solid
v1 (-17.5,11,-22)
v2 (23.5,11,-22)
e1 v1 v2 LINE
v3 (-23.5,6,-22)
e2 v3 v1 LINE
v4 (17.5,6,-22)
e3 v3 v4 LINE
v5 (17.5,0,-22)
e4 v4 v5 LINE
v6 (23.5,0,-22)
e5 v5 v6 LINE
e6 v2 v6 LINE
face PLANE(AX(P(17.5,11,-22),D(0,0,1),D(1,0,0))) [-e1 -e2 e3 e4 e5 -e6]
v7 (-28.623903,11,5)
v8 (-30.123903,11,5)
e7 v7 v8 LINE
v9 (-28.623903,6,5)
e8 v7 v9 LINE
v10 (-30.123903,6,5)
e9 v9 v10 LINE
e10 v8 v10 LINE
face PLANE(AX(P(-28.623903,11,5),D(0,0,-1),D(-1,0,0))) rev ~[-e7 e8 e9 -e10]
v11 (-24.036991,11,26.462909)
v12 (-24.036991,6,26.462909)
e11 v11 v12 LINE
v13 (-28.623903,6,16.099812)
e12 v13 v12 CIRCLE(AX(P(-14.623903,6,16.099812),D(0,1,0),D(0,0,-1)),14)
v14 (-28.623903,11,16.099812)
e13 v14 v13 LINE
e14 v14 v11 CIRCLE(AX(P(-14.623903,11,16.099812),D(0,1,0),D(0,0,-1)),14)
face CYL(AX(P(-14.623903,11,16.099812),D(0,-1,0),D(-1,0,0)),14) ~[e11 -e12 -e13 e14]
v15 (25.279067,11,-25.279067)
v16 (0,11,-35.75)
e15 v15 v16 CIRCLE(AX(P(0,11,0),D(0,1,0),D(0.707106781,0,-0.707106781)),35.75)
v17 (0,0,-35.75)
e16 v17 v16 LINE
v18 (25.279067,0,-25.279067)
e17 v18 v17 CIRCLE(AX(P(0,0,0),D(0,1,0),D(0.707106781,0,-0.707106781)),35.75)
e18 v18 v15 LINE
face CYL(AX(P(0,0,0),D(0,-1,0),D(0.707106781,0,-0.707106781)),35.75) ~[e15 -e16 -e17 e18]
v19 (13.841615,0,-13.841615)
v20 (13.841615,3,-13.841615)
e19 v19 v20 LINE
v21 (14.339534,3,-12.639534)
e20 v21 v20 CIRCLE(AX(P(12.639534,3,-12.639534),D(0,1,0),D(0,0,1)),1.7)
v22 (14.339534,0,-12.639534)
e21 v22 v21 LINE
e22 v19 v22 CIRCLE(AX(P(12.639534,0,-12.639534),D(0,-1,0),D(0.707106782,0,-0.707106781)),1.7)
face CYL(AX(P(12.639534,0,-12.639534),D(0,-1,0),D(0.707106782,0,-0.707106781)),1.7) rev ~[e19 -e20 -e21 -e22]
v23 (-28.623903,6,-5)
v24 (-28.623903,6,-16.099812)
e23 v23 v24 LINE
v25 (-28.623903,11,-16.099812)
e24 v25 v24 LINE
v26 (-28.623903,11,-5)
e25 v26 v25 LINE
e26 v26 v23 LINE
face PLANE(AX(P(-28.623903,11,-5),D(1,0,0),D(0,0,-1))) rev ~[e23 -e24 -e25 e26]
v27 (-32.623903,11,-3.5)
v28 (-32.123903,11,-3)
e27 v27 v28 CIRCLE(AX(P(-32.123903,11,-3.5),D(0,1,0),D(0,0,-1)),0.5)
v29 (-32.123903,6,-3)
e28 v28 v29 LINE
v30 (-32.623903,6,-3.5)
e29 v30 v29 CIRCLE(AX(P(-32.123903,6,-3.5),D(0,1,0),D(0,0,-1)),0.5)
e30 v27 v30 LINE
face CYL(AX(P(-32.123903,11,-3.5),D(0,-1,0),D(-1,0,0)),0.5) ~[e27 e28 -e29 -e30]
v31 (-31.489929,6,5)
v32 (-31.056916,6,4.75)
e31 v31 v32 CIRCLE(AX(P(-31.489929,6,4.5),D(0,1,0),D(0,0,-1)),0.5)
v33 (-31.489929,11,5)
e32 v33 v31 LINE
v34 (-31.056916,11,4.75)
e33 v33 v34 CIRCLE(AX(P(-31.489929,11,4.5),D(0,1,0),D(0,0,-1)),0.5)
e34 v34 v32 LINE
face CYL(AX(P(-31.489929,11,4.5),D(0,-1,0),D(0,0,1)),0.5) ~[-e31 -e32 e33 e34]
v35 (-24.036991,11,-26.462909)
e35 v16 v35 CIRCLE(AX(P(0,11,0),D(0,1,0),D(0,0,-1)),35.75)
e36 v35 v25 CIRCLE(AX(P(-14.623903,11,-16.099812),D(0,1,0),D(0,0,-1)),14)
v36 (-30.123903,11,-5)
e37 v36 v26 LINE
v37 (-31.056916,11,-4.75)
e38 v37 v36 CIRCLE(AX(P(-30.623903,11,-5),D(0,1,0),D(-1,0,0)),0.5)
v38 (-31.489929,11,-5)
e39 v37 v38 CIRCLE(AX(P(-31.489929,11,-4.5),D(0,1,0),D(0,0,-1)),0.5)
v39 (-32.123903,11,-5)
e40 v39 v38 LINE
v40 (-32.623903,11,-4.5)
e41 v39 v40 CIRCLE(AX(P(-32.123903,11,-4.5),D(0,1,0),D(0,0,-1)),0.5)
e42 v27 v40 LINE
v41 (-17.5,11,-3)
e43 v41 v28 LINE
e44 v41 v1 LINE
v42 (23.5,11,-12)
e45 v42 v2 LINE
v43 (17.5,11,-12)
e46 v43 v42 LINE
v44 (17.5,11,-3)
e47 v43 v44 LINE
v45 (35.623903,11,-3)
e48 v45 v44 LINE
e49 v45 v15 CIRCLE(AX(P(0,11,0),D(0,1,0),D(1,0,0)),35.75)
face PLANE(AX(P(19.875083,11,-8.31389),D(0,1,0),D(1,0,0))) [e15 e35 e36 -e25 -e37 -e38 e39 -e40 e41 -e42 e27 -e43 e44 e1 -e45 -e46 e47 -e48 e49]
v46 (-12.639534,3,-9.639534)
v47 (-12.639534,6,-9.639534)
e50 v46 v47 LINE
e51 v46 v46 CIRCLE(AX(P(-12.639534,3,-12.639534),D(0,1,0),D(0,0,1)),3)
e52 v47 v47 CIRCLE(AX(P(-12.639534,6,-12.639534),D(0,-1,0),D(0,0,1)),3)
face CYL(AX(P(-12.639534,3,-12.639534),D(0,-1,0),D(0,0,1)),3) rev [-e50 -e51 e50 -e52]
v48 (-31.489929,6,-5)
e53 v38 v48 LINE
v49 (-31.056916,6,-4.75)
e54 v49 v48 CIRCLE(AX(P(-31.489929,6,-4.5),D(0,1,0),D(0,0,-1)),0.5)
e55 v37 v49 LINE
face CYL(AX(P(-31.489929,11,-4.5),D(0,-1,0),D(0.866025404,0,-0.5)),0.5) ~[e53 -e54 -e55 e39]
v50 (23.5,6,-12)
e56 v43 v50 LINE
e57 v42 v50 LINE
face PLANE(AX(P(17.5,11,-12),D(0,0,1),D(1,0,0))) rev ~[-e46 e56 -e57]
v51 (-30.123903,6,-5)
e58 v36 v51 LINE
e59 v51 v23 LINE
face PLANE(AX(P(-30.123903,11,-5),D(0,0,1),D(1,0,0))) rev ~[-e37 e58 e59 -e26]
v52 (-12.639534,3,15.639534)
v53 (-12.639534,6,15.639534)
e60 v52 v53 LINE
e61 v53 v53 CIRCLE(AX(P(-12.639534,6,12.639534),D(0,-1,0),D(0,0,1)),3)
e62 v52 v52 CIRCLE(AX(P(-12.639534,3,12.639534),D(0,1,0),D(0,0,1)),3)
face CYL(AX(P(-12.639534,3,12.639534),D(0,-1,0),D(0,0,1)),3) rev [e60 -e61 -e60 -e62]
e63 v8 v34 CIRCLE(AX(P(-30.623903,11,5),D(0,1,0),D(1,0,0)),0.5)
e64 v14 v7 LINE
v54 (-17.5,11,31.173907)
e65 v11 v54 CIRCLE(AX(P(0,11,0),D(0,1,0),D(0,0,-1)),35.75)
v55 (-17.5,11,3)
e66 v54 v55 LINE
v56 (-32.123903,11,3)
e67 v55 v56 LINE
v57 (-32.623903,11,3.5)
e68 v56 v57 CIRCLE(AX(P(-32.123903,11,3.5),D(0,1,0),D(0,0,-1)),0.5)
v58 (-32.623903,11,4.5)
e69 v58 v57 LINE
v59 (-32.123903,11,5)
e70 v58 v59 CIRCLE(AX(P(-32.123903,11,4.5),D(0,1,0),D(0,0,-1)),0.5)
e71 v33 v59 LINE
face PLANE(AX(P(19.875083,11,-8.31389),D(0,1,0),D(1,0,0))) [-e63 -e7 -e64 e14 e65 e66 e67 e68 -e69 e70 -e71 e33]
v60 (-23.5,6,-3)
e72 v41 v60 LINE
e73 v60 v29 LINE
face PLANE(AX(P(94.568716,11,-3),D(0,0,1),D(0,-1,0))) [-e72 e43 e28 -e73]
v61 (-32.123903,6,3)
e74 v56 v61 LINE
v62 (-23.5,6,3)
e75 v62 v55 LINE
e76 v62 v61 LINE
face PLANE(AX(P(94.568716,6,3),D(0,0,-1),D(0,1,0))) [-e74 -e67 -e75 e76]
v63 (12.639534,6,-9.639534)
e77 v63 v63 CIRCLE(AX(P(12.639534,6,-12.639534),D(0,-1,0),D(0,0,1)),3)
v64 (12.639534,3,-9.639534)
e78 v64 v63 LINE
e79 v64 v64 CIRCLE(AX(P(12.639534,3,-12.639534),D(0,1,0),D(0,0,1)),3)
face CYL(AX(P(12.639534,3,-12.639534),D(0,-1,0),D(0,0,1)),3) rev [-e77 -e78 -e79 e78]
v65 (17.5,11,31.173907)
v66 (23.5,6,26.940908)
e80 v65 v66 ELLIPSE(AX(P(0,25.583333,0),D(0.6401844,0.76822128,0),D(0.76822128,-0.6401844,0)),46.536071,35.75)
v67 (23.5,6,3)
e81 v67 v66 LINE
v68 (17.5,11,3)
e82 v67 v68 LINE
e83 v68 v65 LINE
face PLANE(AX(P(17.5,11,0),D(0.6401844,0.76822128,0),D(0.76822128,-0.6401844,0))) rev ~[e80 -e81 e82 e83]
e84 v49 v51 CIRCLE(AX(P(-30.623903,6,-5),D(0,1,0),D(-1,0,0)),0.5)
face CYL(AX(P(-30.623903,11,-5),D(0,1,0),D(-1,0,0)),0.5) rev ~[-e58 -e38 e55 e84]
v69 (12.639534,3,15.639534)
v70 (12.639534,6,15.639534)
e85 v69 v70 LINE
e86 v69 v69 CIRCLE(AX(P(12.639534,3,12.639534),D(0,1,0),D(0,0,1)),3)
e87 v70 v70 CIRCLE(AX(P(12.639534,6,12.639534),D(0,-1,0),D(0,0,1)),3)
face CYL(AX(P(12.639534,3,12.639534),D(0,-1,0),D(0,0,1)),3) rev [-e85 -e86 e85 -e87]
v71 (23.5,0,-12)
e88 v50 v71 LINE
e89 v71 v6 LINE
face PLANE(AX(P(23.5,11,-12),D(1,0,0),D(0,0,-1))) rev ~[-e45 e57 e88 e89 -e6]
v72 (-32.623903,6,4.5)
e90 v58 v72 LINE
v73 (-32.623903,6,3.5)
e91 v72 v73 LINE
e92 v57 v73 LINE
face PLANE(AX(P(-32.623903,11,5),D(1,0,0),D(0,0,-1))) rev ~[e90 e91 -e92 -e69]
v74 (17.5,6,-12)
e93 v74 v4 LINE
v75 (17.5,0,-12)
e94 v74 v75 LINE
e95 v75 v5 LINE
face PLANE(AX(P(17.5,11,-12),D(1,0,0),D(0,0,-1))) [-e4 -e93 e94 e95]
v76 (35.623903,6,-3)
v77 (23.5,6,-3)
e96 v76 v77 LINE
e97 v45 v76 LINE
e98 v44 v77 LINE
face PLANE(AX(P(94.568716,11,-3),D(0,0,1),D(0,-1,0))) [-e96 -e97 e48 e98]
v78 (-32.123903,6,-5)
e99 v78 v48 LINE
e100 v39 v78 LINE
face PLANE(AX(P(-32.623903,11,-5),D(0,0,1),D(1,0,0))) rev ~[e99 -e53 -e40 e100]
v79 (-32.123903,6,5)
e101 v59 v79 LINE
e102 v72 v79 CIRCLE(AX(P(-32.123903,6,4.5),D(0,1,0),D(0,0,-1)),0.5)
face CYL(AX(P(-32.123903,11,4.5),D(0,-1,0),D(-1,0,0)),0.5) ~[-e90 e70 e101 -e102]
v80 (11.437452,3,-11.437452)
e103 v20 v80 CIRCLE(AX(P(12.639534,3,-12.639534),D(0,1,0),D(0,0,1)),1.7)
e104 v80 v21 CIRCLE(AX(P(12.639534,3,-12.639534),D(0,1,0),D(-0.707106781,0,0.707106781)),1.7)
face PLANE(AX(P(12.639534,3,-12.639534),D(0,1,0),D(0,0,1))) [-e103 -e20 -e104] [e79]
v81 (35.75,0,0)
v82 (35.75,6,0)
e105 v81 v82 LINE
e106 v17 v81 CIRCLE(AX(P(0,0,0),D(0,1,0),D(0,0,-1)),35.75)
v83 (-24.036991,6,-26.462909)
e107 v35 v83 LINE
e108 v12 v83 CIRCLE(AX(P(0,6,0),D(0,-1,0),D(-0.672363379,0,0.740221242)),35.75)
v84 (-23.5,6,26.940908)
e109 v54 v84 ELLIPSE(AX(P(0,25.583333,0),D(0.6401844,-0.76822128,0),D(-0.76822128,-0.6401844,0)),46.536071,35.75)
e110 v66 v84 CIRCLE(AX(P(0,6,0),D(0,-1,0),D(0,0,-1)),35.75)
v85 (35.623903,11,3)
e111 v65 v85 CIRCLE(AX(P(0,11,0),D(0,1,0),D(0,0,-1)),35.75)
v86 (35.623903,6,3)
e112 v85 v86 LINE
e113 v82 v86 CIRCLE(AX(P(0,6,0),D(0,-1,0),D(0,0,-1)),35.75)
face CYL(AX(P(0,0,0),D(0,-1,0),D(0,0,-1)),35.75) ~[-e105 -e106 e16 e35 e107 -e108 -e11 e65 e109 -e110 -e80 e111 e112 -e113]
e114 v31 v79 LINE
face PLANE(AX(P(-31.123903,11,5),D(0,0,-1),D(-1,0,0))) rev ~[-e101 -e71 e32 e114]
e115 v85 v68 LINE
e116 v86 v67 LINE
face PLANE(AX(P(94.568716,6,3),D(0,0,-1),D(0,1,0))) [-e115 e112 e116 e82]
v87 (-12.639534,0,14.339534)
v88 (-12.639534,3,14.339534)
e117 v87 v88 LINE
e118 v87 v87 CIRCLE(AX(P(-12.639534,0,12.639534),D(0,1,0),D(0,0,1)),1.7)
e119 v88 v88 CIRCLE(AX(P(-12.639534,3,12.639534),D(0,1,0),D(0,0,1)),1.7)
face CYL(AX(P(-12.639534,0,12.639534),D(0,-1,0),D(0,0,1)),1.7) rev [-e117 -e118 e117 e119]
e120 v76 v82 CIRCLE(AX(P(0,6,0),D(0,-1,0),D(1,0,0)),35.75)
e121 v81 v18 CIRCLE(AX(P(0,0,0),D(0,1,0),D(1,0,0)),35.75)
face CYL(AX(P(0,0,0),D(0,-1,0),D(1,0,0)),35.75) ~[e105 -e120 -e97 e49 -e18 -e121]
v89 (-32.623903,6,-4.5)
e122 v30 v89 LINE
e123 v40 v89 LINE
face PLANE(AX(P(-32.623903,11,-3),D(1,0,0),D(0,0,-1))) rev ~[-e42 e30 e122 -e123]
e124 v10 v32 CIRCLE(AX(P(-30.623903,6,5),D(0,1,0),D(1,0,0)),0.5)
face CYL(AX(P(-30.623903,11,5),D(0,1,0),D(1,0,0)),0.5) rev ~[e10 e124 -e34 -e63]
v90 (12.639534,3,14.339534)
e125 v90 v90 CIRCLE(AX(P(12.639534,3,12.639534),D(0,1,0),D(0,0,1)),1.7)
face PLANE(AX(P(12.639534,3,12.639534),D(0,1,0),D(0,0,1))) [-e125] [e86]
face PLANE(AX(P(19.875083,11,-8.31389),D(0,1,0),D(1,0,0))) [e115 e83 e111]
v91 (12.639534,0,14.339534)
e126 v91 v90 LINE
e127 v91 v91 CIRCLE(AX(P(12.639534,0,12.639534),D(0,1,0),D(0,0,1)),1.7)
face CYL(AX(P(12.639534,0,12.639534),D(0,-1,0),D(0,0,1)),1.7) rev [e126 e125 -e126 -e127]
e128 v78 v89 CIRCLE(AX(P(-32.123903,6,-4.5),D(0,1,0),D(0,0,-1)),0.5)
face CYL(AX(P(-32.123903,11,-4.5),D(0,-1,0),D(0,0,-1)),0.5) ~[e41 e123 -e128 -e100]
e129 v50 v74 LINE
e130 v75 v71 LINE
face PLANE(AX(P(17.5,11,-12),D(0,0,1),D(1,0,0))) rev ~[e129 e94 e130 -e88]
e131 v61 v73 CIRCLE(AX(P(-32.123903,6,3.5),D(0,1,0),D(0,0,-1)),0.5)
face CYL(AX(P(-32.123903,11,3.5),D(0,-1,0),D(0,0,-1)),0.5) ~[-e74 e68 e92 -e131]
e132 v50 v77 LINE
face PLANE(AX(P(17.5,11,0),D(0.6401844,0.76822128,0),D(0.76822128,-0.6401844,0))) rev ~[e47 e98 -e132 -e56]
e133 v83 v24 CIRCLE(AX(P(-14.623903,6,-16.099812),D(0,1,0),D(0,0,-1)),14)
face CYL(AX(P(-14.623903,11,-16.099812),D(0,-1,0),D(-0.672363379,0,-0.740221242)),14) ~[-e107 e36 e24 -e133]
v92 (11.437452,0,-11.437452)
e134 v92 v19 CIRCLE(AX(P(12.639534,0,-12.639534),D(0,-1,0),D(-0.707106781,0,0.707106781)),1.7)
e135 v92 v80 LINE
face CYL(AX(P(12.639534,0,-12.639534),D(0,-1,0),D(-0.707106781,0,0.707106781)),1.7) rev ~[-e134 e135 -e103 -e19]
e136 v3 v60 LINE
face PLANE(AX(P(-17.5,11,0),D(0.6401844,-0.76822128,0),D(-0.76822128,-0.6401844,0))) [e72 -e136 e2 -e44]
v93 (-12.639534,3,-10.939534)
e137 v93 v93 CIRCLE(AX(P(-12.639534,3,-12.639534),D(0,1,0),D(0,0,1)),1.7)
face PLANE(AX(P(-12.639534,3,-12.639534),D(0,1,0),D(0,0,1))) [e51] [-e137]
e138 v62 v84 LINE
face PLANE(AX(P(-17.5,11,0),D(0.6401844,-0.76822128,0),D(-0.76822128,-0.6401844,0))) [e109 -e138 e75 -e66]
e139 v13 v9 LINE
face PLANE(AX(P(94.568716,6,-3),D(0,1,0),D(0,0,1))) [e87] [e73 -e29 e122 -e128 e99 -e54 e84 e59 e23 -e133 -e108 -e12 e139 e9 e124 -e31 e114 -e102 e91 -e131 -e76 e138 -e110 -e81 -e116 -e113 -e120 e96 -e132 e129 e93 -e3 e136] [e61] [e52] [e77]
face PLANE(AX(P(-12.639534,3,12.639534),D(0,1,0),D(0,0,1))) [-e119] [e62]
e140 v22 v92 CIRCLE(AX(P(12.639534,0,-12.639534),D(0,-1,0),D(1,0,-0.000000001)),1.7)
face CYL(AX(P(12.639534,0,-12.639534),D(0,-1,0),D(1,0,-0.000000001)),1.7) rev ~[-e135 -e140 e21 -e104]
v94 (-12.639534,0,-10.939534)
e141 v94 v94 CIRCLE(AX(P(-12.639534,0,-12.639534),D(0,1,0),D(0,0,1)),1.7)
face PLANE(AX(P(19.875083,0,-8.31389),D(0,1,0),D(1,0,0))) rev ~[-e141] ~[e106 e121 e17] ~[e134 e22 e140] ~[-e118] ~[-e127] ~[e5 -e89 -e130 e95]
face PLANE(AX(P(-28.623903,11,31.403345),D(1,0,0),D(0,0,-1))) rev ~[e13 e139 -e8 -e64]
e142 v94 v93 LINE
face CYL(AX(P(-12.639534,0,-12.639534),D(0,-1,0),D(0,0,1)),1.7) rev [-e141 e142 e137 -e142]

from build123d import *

# Parameters (mm, degrees)
SKETCH1_R                      = 1.7
BOSS_EXTRUDE1_DEPTH            = 11
CUT_EXTRUDE1_START             = -8
SKETCH2_R                      = 3
SKETCH2_R_2                    = 1.7
CUT_EXTRUDE1_DEPTH             = 8
SKETCH3_W                      = 6
SKETCH3_H                      = 10
CUT_EXTRUDE2_DEPTH             = 34
CUT_EXTRUDE3_REACH             = 53.741
SKETCH4_W                      = 35
SKETCH4_H                      = 5
CUT_EXTRUDE3_DIRECTION_2_DEPTH = 44
CUT_EXTRUDE4_DEPTH             = 71.068716272
CUT_EXTRUDE4_DEPTH_BACK        = 71.068716272
CUT_EXTRUDE5_DEPTH             = 5
FILLET3_R                      = 0.5
FILLET4_R                      = 14


with BuildPart() as part:
    # Sketch1 → Boss-Extrude1 (new body)
    # profile 1 of 3: a face of its own
    with BuildSketch(Plane(origin=(0, 0, 0), x_dir=(1, 0, 0), z_dir=(0, 1, 0))):
        with BuildLine():
            Line((35.75, 0), (0, 0))
            Line((0, 0), (0, 35.75))
            ThreePointArc((0, 35.75), (-25.279067427, -25.279067427), (35.75, 0))
        make_face()
        with Locations(Location((-12.639533714, -12.639533714, 0), (0, 0, 270))):
            Circle(SKETCH1_R, mode=Mode.SUBTRACT)
        with Locations(Location((12.639533714, -12.639533714, 0), (0, 0, 270))):
            Circle(SKETCH1_R, mode=Mode.SUBTRACT)
        with Locations(Location((-12.639533714, 12.639533714, 0), (0, 0, 270))):
            Circle(SKETCH1_R, mode=Mode.SUBTRACT)
    # profile 2 of 3: a face of its own
    with BuildSketch(Plane(origin=(0, 0, 0), x_dir=(1, 0, 0), z_dir=(0, 1, 0))):
        with BuildLine():
            Line((0, 35.75), (0, 0))
            Line((0, 0), (11.437452186, 11.437452186))
            ThreePointArc((11.437452186, 11.437452186), (11.437452186, 13.841615242), (13.841615242, 13.841615242))
            Line((13.841615242, 13.841615242), (25.279067427, 25.279067427))
            ThreePointArc((25.279067427, 25.279067427), (13.680932707, 33.028693287), (0, 35.75))
        make_face()
    # profile 3 of 3: a face of its own
    with BuildSketch(Plane(origin=(0, 0, 0), x_dir=(1, 0, 0), z_dir=(0, 1, 0))):
        with BuildLine():
            Line((11.437452186, 11.437452186), (0, 0))
            Line((0, 0), (35.75, 0))
            ThreePointArc((35.75, 0), (33.028693287, 13.680932707), (25.279067427, 25.279067427))
            Line((25.279067427, 25.279067427), (13.841615242, 13.841615242))
            ThreePointArc((13.841615242, 13.841615242), (14.210128919, 13.290095549), (14.339533714, 12.639533714))
            ThreePointArc((14.339533714, 12.639533714), (13.290095549, 11.068938508), (11.437452186, 11.437452186))
        make_face()
    extrude(amount=BOSS_EXTRUDE1_DEPTH)

    # Sketch2 → Cut-Extrude1 (cut)
    # profile 1 of 4: a face of its own
    with BuildSketch(Plane(origin=(0, 11, 0), x_dir=(1, 0, 0), z_dir=(0, 1, 0)).offset(CUT_EXTRUDE1_START)):
        with Locations(Location((-12.639533714, -12.639533714, 0), (0, 0, 270))):
            Circle(SKETCH2_R)
        with Locations(Location((-12.639533714, -12.639533714, 0), (0, 0, 270))):
            Circle(SKETCH2_R_2, mode=Mode.SUBTRACT)
    # profile 2 of 4: a face of its own
    with BuildSketch(Plane(origin=(0, 11, 0), x_dir=(1, 0, 0), z_dir=(0, 1, 0)).offset(CUT_EXTRUDE1_START)):
        with Locations(Location((12.639533714, -12.639533714, 0), (0, 0, 270))):
            Circle(SKETCH2_R)
        with Locations(Location((12.639533714, -12.639533714, 0), (0, 0, 270))):
            Circle(SKETCH2_R_2, mode=Mode.SUBTRACT)
    # profile 3 of 4: a face of its own
    with BuildSketch(Plane(origin=(0, 11, 0), x_dir=(1, 0, 0), z_dir=(0, 1, 0)).offset(CUT_EXTRUDE1_START)):
        with Locations(Location((12.639533714, 12.639533714, 0), (0, 0, 270))):
            Circle(SKETCH2_R)
        with Locations(Location((12.639533714, 12.639533714, 0), (0, 0, 270))):
            Circle(SKETCH2_R_2, mode=Mode.SUBTRACT)
    # profile 4 of 4: a face of its own
    with BuildSketch(Plane(origin=(0, 11, 0), x_dir=(1, 0, 0), z_dir=(0, 1, 0)).offset(CUT_EXTRUDE1_START)):
        with Locations(Location((-12.639533714, 12.639533714, 0), (0, 0, 270))):
            Circle(SKETCH2_R)
        with Locations(Location((-12.639533714, 12.639533714, 0), (0, 0, 270))):
            Circle(SKETCH2_R_2, mode=Mode.SUBTRACT)
    extrude(amount=CUT_EXTRUDE1_DEPTH, mode=Mode.SUBTRACT)

    # Sketch3 → Cut-Extrude2 (cut)
    with BuildSketch(Plane(origin=(0, 11, 0), x_dir=(1, 0, 0), z_dir=(0, 1, 0))):
        with Locations((20.5, 17)):
            Rectangle(SKETCH3_W, SKETCH3_H)
    extrude(amount=-CUT_EXTRUDE2_DEPTH, mode=Mode.SUBTRACT)

    # Cut-Extrude3: up to this face of the body (flat: up to its plane)
    cut_extrude3_end = Plane(part.part.faces().sort_by_distance((20.5, 5.5, -22))[0])
    # Sketch4 → Cut-Extrude3 (cut, up to the picked face)
    with BuildSketch(Plane.XY, mode=Mode.PRIVATE) as cut_extrude3_sk1:
        with Locations((0, 8.5)):
            Rectangle(SKETCH4_W, SKETCH4_H)
    cut_extrude3_tool1 = split(extrude(cut_extrude3_sk1.sketch, amount=-CUT_EXTRUDE3_REACH, mode=Mode.PRIVATE), bisect_by=cut_extrude3_end, keep=Keep.BOTH, mode=Mode.PRIVATE)
    # Sketch4 → Cut-Extrude3 (cut, up to the picked face)
    with BuildSketch(Plane.XY, mode=Mode.PRIVATE) as cut_extrude3_sk2:
        Polygon((-17.5, 6), (-17.5, 11), (-23.5, 6), align=None)
    cut_extrude3_tool2 = split(extrude(cut_extrude3_sk2.sketch, amount=-CUT_EXTRUDE3_REACH, mode=Mode.PRIVATE), bisect_by=cut_extrude3_end, keep=Keep.BOTH, mode=Mode.PRIVATE)
    # Sketch4 → Cut-Extrude3 (cut, up to the picked face)
    with BuildSketch(Plane.XY, mode=Mode.PRIVATE) as cut_extrude3_sk3:
        Polygon((23.5, 6), (17.5, 6), (17.5, 11), align=None)
    cut_extrude3_tool3 = split(extrude(cut_extrude3_sk3.sketch, amount=-CUT_EXTRUDE3_REACH, mode=Mode.PRIVATE), bisect_by=cut_extrude3_end, keep=Keep.BOTH, mode=Mode.PRIVATE)
    add(cut_extrude3_tool1.solids().sort_by(Axis((0, 8.5, 0), (0, 0, -1)))[0], mode=Mode.SUBTRACT)
    add(cut_extrude3_tool2.solids().sort_by(Axis((-19.5, 7.666667, 0), (0, 0, -1)))[0], mode=Mode.SUBTRACT)
    add(cut_extrude3_tool3.solids().sort_by(Axis((19.5, 7.666667, 0), (0, 0, -1)))[0], mode=Mode.SUBTRACT)

    # Sketch4 → Cut-Extrude3 direction 2 (cut)
    with BuildSketch(Plane.XY):
        with Locations((0, 8.5)):
            Rectangle(SKETCH4_W, SKETCH4_H)
        Polygon((-17.5, 6), (-17.5, 11), (-23.5, 6), align=None)
        Polygon((23.5, 6), (17.5, 6), (17.5, 11), align=None)
    extrude(amount=CUT_EXTRUDE3_DIRECTION_2_DEPTH, mode=Mode.SUBTRACT)

    # Sketch5 → Cut-Extrude4 (cut, two sides: drawn at the far end of the back side and taken through both)
    with BuildSketch(Plane.ZY.offset(-23.5).offset(-CUT_EXTRUDE4_DEPTH_BACK)):
        Polygon((-3, 11), (-3, 6), (0, 6), (3, 6), (3, 11), align=None)
    extrude(amount=CUT_EXTRUDE4_DEPTH + CUT_EXTRUDE4_DEPTH_BACK, mode=Mode.SUBTRACT)

    # Sketch6 → Cut-Extrude5 (cut)
    with BuildSketch(Plane(origin=(0, 11, 0), x_dir=(1, 0, 0), z_dir=(0, 1, 0))):
        Polygon((-35.623903492, 21.174718123), (-35.623903492, 3), (-32.623903492, 3), (-32.623903492, 5), (-32.623903492, 21.174718123), align=None)
        with BuildLine():
            Line((-35.623903492, 31.403345095), (-35.623903492, 21.174718123))
            Line((-35.623903492, 21.174718123), (-32.623903492, 21.174718123))
            Line((-32.623903492, 21.174718123), (-32.623903492, 5))
            Line((-32.623903492, 5), (-31.123903492, 5))
            ThreePointArc((-31.123903492, 5), (-30.623903492, 5.5), (-30.123903492, 5))
            Line((-30.123903492, 5), (-28.623903492, 5))
            Line((-28.623903492, 5), (-28.623903492, 18.959009746))
            Line((-28.623903492, 18.959009746), (-28.623903492, 31.403345095))
            Line((-28.623903492, 31.403345095), (-35.623903492, 31.403345095))
        make_face()
        with BuildLine():
            ThreePointArc((-30.123903492, 5), (-30.623903492, 5.5), (-31.123903492, 5))
            Line((-31.123903492, 5), (-30.123903492, 5))
        make_face()
        with BuildLine():
            Line((-30.123903492, 5), (-31.123903492, 5))
            ThreePointArc((-31.123903492, 5), (-30.623903492, 4.5), (-30.123903492, 5))
        make_face()
        with BuildLine():
            Line((-32.623903492, -5), (-32.623903492, -21.174718123))
            Line((-32.623903492, -21.174718123), (-35.623903492, -21.174718123))
            Line((-35.623903492, -21.174718123), (-35.623903492, -31.403345095))
            Line((-35.623903492, -31.403345095), (-28.623903492, -31.403345095))
            Line((-28.623903492, -31.403345095), (-28.623903492, -5))
            Line((-28.623903492, -5), (-30.123903492, -5))
            ThreePointArc((-30.123903492, -5), (-30.623903492, -5.5), (-31.123903492, -5))
            Line((-31.123903492, -5), (-32.623903492, -5))
        make_face()
        Polygon((-35.623903492, -21.174718123), (-32.623903492, -21.174718123), (-32.623903492, -5), (-32.623903492, -3), (-35.623903492, -3), align=None)
        with BuildLine():
            ThreePointArc((-30.123903492, -5), (-30.623903492, -4.5), (-31.123903492, -5))
            Line((-31.123903492, -5), (-30.123903492, -5))
        make_face()
        with BuildLine():
            Line((-30.123903492, -5), (-31.123903492, -5))
            ThreePointArc((-31.123903492, -5), (-30.623903492, -5.5), (-30.123903492, -5))
        make_face()
    extrude(amount=-CUT_EXTRUDE5_DEPTH, mode=Mode.SUBTRACT)

    # Fillet3
    fillet3_edges = [part.edges().sort_by_distance(p)[0] for p in [
        (-31.123903492, 8.5, -5),
        (-32.623903492, 8.5, -5),
        (-32.623903492, 8.5, -3),
        (-31.123903492, 8.5, 5),
        (-32.623903492, 8.5, 5),
        (-32.623903492, 8.5, 3),
    ]]
    fillet(fillet3_edges, radius=FILLET3_R)

    # Fillet4
    fillet4_edges = [part.edges().sort_by_distance(p)[0] for p in [
        (-28.623903492, 8.5, -21.418091626),
        (-28.623903492, 8.5, 21.418091626),
    ]]
    fillet(fillet4_edges, radius=FILLET4_R)


solid = part.part
